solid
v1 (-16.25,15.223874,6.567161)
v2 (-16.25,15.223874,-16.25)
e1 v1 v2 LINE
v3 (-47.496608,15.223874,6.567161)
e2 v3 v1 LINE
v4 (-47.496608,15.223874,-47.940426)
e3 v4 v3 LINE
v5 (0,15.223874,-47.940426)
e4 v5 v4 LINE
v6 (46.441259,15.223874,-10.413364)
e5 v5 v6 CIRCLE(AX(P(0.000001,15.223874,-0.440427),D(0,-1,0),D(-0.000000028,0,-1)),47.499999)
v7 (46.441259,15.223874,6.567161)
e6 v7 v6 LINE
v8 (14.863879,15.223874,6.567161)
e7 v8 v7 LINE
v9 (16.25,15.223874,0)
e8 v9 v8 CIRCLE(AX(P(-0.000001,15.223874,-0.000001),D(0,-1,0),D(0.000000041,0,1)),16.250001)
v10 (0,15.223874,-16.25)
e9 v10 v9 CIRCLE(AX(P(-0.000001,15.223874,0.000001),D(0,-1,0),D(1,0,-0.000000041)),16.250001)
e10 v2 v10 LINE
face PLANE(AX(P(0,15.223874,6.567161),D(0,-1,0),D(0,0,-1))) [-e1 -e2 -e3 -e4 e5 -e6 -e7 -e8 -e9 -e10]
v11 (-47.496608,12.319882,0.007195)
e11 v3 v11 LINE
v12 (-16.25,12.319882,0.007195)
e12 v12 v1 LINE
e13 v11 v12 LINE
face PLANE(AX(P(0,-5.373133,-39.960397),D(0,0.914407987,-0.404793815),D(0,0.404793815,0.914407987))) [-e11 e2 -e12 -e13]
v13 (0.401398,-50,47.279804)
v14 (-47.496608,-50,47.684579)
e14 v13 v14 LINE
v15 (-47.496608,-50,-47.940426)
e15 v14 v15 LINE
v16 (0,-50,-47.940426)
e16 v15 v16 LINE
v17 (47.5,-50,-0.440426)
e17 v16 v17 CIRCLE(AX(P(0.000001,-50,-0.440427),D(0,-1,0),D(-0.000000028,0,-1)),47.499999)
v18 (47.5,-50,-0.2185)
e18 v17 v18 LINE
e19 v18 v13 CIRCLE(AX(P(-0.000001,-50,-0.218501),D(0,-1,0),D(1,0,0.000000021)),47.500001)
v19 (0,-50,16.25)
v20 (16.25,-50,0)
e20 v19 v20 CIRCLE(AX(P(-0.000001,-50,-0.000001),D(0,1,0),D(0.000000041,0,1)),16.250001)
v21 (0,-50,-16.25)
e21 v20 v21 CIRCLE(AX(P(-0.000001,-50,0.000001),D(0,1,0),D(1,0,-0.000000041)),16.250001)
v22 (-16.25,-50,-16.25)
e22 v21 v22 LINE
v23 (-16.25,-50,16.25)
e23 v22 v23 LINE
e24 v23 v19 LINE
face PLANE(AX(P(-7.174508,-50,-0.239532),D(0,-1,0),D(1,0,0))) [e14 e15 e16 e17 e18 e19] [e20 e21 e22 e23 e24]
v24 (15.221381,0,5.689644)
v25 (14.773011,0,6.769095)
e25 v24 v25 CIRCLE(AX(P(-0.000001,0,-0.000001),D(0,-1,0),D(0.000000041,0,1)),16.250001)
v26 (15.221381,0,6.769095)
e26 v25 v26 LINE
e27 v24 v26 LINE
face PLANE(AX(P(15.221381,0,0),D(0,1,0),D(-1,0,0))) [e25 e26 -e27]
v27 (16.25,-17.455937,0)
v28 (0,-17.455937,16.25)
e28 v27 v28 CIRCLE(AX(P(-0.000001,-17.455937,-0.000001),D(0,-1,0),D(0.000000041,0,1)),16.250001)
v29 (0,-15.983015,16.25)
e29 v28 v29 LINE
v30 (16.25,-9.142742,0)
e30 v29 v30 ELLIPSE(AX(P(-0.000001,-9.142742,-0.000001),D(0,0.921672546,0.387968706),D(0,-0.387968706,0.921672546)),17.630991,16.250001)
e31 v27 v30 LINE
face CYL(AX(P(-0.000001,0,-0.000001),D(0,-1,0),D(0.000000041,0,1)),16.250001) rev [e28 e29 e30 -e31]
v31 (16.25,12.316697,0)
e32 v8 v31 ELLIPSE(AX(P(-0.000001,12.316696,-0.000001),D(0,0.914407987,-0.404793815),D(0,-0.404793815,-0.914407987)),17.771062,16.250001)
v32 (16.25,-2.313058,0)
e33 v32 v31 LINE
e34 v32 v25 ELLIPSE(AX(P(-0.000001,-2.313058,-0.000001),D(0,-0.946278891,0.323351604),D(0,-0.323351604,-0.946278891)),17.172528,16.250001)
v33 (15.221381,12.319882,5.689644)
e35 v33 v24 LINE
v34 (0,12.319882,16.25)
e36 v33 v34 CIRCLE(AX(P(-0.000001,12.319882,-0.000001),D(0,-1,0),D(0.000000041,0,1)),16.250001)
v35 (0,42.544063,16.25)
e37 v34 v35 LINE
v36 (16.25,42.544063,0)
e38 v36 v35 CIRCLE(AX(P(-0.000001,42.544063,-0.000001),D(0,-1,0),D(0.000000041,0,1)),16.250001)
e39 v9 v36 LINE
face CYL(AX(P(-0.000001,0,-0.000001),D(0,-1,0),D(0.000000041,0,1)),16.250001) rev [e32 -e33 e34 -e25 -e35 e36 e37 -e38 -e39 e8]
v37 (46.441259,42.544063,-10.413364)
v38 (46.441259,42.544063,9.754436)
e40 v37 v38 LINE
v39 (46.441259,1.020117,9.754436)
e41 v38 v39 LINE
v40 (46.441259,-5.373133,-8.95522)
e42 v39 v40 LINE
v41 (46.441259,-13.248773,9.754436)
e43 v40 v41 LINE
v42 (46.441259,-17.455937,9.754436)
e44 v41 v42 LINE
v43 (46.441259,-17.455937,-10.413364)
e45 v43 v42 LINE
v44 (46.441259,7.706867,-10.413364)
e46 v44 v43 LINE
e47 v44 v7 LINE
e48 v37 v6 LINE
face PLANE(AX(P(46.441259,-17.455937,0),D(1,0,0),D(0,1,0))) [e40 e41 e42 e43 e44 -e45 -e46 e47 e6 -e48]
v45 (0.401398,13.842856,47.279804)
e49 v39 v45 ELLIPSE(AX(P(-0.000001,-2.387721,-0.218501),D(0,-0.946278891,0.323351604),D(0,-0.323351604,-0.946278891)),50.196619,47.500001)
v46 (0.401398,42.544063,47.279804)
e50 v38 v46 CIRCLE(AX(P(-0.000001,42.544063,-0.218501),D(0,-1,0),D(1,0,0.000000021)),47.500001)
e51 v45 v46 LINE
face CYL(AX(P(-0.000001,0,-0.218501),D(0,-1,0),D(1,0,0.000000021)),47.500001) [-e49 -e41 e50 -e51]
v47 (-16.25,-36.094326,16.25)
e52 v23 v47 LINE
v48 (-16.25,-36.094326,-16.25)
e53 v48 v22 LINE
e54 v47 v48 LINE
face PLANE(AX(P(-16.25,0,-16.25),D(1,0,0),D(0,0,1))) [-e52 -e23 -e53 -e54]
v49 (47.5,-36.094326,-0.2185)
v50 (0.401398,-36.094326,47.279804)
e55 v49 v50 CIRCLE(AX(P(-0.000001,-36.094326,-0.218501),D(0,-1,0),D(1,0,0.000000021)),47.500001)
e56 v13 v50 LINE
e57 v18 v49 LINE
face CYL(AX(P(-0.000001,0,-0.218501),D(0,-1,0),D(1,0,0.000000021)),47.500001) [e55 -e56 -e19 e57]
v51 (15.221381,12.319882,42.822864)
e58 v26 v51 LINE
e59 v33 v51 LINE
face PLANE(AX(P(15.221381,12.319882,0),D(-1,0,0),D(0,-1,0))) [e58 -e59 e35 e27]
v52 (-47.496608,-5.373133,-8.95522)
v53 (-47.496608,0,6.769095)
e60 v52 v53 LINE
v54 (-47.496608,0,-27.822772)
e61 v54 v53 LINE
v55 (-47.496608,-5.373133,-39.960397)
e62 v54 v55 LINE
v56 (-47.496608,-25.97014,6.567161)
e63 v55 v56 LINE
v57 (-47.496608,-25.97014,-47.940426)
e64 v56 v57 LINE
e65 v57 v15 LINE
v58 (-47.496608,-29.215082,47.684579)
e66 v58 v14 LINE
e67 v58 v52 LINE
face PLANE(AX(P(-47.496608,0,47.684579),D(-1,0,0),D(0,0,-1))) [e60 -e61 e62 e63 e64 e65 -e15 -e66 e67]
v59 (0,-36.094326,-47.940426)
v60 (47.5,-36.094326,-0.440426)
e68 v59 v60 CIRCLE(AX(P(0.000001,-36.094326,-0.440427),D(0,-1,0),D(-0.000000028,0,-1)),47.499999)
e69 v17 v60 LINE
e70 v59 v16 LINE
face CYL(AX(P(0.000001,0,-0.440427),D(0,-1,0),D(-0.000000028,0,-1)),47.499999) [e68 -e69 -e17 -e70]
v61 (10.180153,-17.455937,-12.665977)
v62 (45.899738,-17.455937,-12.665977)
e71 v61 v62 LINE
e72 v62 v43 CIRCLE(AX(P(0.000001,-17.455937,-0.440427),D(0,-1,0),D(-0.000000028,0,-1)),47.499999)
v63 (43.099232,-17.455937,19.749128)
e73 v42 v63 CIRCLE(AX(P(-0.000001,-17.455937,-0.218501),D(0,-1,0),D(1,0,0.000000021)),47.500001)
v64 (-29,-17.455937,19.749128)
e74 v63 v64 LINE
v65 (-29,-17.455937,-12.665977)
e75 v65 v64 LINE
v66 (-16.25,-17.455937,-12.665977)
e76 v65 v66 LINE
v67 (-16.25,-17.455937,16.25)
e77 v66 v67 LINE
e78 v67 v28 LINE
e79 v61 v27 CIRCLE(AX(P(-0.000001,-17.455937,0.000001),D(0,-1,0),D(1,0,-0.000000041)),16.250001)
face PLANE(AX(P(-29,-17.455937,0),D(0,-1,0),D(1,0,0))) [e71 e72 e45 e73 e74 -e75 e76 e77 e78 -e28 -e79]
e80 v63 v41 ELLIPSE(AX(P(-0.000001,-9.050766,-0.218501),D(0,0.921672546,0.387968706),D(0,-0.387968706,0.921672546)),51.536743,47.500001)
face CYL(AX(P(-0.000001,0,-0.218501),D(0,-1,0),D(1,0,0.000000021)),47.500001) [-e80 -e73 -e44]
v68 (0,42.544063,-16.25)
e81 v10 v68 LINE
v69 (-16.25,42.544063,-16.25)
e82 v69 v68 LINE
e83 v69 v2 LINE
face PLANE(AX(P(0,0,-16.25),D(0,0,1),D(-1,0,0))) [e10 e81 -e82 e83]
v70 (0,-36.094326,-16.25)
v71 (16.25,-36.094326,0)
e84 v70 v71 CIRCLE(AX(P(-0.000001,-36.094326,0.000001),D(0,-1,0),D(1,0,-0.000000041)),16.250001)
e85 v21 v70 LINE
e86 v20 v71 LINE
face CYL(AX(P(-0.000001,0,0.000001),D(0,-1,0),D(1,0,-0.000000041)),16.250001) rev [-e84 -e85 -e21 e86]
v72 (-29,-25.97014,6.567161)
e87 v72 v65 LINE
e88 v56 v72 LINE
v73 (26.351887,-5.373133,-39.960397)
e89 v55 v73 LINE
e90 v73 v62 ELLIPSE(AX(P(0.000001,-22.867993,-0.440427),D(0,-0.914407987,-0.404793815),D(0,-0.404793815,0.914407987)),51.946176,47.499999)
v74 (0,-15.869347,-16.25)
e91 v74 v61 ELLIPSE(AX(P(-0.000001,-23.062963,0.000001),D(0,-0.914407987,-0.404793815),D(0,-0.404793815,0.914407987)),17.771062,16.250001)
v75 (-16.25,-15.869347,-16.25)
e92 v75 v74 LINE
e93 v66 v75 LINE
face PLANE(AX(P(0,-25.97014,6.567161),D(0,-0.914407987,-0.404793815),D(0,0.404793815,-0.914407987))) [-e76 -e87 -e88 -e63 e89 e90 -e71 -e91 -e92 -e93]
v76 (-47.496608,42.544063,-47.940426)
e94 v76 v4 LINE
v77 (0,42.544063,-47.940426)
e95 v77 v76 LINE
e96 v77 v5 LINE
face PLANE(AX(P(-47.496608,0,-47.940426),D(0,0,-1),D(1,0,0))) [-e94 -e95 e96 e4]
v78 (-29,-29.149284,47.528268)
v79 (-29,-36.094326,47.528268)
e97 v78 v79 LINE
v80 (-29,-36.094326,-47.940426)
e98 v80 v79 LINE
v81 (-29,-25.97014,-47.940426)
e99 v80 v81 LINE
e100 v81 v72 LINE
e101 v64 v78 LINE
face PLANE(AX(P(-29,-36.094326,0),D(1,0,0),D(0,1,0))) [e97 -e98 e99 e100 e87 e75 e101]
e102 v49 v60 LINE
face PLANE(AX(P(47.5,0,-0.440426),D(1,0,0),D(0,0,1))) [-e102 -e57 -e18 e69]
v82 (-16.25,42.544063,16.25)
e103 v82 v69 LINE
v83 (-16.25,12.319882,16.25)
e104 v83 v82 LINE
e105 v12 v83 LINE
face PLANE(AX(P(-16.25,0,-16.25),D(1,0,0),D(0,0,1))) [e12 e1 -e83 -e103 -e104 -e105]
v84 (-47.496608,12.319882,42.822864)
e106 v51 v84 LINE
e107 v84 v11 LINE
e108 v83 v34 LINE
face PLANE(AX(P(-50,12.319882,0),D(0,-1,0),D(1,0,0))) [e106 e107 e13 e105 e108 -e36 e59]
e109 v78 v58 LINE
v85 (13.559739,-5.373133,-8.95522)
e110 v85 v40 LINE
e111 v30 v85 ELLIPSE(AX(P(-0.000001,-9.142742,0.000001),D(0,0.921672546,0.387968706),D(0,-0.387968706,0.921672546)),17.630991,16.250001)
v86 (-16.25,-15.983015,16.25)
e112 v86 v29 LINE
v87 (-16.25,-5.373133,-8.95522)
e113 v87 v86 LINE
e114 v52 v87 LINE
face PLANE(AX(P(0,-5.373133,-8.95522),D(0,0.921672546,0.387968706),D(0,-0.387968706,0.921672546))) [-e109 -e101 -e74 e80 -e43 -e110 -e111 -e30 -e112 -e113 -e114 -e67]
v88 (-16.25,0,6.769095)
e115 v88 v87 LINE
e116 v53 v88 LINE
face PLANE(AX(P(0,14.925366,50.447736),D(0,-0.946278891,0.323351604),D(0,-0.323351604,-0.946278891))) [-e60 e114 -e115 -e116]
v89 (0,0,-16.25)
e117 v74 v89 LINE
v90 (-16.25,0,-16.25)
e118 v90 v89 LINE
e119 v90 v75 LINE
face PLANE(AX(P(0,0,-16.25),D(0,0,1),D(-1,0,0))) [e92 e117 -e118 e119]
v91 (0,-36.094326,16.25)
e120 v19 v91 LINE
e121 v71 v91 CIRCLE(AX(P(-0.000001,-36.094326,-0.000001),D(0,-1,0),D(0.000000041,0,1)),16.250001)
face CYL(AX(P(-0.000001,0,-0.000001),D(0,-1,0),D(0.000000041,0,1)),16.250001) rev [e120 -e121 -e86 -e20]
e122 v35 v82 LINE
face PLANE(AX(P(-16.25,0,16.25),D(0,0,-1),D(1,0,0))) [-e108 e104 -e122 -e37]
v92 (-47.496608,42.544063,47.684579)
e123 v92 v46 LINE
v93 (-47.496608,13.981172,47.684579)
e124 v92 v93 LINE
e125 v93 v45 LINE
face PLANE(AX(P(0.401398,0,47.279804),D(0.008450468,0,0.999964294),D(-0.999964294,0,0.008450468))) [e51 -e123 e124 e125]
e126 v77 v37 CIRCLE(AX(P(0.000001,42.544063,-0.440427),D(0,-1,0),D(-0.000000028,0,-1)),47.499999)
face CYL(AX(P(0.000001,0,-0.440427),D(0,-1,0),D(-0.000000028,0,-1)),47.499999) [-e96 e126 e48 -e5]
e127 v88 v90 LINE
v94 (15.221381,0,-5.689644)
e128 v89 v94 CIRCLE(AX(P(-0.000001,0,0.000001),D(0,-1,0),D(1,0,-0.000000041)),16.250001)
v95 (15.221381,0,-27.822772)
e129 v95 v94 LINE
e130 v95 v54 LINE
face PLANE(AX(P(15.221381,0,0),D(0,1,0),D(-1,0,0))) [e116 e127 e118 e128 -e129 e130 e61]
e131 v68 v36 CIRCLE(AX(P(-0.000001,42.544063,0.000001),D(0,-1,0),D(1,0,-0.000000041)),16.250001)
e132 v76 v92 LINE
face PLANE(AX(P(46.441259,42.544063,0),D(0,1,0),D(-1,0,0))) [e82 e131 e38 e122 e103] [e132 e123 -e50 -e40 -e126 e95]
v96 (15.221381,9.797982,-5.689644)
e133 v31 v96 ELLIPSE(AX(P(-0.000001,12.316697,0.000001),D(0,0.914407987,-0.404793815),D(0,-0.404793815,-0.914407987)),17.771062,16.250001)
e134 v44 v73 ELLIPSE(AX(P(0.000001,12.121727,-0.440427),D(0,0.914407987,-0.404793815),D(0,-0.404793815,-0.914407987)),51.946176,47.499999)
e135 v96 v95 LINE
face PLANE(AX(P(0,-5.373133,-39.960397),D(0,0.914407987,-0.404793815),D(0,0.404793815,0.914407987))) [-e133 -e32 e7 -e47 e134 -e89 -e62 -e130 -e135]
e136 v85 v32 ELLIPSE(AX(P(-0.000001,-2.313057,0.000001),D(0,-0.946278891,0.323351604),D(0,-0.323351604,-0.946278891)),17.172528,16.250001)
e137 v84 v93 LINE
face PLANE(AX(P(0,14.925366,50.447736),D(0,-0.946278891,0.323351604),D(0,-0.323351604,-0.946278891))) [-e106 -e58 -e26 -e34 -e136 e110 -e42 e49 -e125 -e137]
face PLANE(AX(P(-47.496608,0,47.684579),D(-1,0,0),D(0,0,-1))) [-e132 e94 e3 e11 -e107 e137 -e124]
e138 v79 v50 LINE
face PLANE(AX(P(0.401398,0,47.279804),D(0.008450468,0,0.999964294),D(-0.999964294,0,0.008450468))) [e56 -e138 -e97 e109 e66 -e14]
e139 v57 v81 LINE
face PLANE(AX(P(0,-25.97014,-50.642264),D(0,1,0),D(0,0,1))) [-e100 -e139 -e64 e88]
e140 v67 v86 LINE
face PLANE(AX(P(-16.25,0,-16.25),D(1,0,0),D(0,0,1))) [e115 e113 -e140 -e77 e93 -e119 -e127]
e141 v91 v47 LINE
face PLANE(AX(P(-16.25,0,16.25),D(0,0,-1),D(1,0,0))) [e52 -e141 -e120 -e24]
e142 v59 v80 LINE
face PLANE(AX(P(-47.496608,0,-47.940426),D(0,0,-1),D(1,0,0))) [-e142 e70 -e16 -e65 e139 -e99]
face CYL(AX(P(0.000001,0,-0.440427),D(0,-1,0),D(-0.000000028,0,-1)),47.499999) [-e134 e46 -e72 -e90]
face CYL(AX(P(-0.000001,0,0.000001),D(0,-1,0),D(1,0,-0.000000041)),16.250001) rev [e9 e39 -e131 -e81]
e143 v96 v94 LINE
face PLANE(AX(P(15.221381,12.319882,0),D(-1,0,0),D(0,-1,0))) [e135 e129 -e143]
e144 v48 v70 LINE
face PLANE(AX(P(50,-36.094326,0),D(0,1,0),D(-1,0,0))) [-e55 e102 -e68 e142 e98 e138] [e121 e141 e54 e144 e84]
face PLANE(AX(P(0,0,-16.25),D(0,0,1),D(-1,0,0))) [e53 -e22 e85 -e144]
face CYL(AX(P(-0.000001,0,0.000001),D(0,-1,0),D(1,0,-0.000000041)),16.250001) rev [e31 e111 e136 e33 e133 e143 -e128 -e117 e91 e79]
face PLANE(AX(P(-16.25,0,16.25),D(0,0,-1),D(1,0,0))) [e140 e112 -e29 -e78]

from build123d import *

# Parameters (mm, degrees)
F3_DEPTH = 50
F4_DEPTH = 50
F5_DEPTH = 50


with BuildPart() as f3:
    # F0 (on Top) → F3 (new body, symmetric)
    with BuildSketch(Plane.XY):
        Polygon((50, -36.094326), (30, -36.094326), (-29, -36.094326), (-29, -17.455937), (30, -17.455937), (46.441259, -17.455937), (46.441259, 42.544063), (30, 42.544063), (-50, 42.544063), (-50, 12.319882), (15.221381, 12.319882), (15.221381, 0), (-50, 0), (-50, -50), (30, -50), (50, -50), align=None)
    extrude(amount=F3_DEPTH, both=True)

    # F1 (on Front) → F4 (intersect, symmetric)
    with BuildSketch(Plane.XZ):
        with BuildLine():
            Line((0.401398, 47.279804), (-47.496608, 47.684579))
            Line((-47.496608, 47.684579), (-47.496608, -47.940426))
            Line((-47.496608, -47.940426), (0, -47.940426))
            ThreePointArc((0, -47.940426), (33.587572, -34.027999), (47.5, -0.440426))
            Line((47.5, -0.440426), (47.5, -0.2185))
            ThreePointArc((47.5, -0.2185), (33.729189, 33.226855), (0.401398, 47.279804))
        make_face()
        with BuildLine():
            Line((-16.25, -16.25), (-16.25, 16.25))
            Line((-16.25, 16.25), (0, 16.25))
            ThreePointArc((0, 16.25), (11.490485, 11.490485), (16.25, 0))
            ThreePointArc((16.25, 0), (11.490485, -11.490485), (0, -16.25))
            Line((0, -16.25), (-16.25, -16.25))
        make_face(mode=Mode.SUBTRACT)
    extrude(amount=F4_DEPTH, both=True, mode=Mode.INTERSECT)

    # F2 (on Right) → F5 (intersect, symmetric)
    with BuildSketch(Plane.YZ):
        Polygon((14.925366, 50.447736), (-5.373133, -8.95522), (-29.727991, 48.903065), (-55.721365, 48.903065), (-55.721365, -51.030165), (-25.97014, -50.642264), (-25.97014, 6.567161), (-5.373133, -39.960397), (15.223874, 6.567161), (15.223874, -50.642264), (55.721365, -50.114252), (55.721365, 50.447736), align=None)
    extrude(amount=F5_DEPTH, both=True, mode=Mode.INTERSECT)


solid = f3.part
